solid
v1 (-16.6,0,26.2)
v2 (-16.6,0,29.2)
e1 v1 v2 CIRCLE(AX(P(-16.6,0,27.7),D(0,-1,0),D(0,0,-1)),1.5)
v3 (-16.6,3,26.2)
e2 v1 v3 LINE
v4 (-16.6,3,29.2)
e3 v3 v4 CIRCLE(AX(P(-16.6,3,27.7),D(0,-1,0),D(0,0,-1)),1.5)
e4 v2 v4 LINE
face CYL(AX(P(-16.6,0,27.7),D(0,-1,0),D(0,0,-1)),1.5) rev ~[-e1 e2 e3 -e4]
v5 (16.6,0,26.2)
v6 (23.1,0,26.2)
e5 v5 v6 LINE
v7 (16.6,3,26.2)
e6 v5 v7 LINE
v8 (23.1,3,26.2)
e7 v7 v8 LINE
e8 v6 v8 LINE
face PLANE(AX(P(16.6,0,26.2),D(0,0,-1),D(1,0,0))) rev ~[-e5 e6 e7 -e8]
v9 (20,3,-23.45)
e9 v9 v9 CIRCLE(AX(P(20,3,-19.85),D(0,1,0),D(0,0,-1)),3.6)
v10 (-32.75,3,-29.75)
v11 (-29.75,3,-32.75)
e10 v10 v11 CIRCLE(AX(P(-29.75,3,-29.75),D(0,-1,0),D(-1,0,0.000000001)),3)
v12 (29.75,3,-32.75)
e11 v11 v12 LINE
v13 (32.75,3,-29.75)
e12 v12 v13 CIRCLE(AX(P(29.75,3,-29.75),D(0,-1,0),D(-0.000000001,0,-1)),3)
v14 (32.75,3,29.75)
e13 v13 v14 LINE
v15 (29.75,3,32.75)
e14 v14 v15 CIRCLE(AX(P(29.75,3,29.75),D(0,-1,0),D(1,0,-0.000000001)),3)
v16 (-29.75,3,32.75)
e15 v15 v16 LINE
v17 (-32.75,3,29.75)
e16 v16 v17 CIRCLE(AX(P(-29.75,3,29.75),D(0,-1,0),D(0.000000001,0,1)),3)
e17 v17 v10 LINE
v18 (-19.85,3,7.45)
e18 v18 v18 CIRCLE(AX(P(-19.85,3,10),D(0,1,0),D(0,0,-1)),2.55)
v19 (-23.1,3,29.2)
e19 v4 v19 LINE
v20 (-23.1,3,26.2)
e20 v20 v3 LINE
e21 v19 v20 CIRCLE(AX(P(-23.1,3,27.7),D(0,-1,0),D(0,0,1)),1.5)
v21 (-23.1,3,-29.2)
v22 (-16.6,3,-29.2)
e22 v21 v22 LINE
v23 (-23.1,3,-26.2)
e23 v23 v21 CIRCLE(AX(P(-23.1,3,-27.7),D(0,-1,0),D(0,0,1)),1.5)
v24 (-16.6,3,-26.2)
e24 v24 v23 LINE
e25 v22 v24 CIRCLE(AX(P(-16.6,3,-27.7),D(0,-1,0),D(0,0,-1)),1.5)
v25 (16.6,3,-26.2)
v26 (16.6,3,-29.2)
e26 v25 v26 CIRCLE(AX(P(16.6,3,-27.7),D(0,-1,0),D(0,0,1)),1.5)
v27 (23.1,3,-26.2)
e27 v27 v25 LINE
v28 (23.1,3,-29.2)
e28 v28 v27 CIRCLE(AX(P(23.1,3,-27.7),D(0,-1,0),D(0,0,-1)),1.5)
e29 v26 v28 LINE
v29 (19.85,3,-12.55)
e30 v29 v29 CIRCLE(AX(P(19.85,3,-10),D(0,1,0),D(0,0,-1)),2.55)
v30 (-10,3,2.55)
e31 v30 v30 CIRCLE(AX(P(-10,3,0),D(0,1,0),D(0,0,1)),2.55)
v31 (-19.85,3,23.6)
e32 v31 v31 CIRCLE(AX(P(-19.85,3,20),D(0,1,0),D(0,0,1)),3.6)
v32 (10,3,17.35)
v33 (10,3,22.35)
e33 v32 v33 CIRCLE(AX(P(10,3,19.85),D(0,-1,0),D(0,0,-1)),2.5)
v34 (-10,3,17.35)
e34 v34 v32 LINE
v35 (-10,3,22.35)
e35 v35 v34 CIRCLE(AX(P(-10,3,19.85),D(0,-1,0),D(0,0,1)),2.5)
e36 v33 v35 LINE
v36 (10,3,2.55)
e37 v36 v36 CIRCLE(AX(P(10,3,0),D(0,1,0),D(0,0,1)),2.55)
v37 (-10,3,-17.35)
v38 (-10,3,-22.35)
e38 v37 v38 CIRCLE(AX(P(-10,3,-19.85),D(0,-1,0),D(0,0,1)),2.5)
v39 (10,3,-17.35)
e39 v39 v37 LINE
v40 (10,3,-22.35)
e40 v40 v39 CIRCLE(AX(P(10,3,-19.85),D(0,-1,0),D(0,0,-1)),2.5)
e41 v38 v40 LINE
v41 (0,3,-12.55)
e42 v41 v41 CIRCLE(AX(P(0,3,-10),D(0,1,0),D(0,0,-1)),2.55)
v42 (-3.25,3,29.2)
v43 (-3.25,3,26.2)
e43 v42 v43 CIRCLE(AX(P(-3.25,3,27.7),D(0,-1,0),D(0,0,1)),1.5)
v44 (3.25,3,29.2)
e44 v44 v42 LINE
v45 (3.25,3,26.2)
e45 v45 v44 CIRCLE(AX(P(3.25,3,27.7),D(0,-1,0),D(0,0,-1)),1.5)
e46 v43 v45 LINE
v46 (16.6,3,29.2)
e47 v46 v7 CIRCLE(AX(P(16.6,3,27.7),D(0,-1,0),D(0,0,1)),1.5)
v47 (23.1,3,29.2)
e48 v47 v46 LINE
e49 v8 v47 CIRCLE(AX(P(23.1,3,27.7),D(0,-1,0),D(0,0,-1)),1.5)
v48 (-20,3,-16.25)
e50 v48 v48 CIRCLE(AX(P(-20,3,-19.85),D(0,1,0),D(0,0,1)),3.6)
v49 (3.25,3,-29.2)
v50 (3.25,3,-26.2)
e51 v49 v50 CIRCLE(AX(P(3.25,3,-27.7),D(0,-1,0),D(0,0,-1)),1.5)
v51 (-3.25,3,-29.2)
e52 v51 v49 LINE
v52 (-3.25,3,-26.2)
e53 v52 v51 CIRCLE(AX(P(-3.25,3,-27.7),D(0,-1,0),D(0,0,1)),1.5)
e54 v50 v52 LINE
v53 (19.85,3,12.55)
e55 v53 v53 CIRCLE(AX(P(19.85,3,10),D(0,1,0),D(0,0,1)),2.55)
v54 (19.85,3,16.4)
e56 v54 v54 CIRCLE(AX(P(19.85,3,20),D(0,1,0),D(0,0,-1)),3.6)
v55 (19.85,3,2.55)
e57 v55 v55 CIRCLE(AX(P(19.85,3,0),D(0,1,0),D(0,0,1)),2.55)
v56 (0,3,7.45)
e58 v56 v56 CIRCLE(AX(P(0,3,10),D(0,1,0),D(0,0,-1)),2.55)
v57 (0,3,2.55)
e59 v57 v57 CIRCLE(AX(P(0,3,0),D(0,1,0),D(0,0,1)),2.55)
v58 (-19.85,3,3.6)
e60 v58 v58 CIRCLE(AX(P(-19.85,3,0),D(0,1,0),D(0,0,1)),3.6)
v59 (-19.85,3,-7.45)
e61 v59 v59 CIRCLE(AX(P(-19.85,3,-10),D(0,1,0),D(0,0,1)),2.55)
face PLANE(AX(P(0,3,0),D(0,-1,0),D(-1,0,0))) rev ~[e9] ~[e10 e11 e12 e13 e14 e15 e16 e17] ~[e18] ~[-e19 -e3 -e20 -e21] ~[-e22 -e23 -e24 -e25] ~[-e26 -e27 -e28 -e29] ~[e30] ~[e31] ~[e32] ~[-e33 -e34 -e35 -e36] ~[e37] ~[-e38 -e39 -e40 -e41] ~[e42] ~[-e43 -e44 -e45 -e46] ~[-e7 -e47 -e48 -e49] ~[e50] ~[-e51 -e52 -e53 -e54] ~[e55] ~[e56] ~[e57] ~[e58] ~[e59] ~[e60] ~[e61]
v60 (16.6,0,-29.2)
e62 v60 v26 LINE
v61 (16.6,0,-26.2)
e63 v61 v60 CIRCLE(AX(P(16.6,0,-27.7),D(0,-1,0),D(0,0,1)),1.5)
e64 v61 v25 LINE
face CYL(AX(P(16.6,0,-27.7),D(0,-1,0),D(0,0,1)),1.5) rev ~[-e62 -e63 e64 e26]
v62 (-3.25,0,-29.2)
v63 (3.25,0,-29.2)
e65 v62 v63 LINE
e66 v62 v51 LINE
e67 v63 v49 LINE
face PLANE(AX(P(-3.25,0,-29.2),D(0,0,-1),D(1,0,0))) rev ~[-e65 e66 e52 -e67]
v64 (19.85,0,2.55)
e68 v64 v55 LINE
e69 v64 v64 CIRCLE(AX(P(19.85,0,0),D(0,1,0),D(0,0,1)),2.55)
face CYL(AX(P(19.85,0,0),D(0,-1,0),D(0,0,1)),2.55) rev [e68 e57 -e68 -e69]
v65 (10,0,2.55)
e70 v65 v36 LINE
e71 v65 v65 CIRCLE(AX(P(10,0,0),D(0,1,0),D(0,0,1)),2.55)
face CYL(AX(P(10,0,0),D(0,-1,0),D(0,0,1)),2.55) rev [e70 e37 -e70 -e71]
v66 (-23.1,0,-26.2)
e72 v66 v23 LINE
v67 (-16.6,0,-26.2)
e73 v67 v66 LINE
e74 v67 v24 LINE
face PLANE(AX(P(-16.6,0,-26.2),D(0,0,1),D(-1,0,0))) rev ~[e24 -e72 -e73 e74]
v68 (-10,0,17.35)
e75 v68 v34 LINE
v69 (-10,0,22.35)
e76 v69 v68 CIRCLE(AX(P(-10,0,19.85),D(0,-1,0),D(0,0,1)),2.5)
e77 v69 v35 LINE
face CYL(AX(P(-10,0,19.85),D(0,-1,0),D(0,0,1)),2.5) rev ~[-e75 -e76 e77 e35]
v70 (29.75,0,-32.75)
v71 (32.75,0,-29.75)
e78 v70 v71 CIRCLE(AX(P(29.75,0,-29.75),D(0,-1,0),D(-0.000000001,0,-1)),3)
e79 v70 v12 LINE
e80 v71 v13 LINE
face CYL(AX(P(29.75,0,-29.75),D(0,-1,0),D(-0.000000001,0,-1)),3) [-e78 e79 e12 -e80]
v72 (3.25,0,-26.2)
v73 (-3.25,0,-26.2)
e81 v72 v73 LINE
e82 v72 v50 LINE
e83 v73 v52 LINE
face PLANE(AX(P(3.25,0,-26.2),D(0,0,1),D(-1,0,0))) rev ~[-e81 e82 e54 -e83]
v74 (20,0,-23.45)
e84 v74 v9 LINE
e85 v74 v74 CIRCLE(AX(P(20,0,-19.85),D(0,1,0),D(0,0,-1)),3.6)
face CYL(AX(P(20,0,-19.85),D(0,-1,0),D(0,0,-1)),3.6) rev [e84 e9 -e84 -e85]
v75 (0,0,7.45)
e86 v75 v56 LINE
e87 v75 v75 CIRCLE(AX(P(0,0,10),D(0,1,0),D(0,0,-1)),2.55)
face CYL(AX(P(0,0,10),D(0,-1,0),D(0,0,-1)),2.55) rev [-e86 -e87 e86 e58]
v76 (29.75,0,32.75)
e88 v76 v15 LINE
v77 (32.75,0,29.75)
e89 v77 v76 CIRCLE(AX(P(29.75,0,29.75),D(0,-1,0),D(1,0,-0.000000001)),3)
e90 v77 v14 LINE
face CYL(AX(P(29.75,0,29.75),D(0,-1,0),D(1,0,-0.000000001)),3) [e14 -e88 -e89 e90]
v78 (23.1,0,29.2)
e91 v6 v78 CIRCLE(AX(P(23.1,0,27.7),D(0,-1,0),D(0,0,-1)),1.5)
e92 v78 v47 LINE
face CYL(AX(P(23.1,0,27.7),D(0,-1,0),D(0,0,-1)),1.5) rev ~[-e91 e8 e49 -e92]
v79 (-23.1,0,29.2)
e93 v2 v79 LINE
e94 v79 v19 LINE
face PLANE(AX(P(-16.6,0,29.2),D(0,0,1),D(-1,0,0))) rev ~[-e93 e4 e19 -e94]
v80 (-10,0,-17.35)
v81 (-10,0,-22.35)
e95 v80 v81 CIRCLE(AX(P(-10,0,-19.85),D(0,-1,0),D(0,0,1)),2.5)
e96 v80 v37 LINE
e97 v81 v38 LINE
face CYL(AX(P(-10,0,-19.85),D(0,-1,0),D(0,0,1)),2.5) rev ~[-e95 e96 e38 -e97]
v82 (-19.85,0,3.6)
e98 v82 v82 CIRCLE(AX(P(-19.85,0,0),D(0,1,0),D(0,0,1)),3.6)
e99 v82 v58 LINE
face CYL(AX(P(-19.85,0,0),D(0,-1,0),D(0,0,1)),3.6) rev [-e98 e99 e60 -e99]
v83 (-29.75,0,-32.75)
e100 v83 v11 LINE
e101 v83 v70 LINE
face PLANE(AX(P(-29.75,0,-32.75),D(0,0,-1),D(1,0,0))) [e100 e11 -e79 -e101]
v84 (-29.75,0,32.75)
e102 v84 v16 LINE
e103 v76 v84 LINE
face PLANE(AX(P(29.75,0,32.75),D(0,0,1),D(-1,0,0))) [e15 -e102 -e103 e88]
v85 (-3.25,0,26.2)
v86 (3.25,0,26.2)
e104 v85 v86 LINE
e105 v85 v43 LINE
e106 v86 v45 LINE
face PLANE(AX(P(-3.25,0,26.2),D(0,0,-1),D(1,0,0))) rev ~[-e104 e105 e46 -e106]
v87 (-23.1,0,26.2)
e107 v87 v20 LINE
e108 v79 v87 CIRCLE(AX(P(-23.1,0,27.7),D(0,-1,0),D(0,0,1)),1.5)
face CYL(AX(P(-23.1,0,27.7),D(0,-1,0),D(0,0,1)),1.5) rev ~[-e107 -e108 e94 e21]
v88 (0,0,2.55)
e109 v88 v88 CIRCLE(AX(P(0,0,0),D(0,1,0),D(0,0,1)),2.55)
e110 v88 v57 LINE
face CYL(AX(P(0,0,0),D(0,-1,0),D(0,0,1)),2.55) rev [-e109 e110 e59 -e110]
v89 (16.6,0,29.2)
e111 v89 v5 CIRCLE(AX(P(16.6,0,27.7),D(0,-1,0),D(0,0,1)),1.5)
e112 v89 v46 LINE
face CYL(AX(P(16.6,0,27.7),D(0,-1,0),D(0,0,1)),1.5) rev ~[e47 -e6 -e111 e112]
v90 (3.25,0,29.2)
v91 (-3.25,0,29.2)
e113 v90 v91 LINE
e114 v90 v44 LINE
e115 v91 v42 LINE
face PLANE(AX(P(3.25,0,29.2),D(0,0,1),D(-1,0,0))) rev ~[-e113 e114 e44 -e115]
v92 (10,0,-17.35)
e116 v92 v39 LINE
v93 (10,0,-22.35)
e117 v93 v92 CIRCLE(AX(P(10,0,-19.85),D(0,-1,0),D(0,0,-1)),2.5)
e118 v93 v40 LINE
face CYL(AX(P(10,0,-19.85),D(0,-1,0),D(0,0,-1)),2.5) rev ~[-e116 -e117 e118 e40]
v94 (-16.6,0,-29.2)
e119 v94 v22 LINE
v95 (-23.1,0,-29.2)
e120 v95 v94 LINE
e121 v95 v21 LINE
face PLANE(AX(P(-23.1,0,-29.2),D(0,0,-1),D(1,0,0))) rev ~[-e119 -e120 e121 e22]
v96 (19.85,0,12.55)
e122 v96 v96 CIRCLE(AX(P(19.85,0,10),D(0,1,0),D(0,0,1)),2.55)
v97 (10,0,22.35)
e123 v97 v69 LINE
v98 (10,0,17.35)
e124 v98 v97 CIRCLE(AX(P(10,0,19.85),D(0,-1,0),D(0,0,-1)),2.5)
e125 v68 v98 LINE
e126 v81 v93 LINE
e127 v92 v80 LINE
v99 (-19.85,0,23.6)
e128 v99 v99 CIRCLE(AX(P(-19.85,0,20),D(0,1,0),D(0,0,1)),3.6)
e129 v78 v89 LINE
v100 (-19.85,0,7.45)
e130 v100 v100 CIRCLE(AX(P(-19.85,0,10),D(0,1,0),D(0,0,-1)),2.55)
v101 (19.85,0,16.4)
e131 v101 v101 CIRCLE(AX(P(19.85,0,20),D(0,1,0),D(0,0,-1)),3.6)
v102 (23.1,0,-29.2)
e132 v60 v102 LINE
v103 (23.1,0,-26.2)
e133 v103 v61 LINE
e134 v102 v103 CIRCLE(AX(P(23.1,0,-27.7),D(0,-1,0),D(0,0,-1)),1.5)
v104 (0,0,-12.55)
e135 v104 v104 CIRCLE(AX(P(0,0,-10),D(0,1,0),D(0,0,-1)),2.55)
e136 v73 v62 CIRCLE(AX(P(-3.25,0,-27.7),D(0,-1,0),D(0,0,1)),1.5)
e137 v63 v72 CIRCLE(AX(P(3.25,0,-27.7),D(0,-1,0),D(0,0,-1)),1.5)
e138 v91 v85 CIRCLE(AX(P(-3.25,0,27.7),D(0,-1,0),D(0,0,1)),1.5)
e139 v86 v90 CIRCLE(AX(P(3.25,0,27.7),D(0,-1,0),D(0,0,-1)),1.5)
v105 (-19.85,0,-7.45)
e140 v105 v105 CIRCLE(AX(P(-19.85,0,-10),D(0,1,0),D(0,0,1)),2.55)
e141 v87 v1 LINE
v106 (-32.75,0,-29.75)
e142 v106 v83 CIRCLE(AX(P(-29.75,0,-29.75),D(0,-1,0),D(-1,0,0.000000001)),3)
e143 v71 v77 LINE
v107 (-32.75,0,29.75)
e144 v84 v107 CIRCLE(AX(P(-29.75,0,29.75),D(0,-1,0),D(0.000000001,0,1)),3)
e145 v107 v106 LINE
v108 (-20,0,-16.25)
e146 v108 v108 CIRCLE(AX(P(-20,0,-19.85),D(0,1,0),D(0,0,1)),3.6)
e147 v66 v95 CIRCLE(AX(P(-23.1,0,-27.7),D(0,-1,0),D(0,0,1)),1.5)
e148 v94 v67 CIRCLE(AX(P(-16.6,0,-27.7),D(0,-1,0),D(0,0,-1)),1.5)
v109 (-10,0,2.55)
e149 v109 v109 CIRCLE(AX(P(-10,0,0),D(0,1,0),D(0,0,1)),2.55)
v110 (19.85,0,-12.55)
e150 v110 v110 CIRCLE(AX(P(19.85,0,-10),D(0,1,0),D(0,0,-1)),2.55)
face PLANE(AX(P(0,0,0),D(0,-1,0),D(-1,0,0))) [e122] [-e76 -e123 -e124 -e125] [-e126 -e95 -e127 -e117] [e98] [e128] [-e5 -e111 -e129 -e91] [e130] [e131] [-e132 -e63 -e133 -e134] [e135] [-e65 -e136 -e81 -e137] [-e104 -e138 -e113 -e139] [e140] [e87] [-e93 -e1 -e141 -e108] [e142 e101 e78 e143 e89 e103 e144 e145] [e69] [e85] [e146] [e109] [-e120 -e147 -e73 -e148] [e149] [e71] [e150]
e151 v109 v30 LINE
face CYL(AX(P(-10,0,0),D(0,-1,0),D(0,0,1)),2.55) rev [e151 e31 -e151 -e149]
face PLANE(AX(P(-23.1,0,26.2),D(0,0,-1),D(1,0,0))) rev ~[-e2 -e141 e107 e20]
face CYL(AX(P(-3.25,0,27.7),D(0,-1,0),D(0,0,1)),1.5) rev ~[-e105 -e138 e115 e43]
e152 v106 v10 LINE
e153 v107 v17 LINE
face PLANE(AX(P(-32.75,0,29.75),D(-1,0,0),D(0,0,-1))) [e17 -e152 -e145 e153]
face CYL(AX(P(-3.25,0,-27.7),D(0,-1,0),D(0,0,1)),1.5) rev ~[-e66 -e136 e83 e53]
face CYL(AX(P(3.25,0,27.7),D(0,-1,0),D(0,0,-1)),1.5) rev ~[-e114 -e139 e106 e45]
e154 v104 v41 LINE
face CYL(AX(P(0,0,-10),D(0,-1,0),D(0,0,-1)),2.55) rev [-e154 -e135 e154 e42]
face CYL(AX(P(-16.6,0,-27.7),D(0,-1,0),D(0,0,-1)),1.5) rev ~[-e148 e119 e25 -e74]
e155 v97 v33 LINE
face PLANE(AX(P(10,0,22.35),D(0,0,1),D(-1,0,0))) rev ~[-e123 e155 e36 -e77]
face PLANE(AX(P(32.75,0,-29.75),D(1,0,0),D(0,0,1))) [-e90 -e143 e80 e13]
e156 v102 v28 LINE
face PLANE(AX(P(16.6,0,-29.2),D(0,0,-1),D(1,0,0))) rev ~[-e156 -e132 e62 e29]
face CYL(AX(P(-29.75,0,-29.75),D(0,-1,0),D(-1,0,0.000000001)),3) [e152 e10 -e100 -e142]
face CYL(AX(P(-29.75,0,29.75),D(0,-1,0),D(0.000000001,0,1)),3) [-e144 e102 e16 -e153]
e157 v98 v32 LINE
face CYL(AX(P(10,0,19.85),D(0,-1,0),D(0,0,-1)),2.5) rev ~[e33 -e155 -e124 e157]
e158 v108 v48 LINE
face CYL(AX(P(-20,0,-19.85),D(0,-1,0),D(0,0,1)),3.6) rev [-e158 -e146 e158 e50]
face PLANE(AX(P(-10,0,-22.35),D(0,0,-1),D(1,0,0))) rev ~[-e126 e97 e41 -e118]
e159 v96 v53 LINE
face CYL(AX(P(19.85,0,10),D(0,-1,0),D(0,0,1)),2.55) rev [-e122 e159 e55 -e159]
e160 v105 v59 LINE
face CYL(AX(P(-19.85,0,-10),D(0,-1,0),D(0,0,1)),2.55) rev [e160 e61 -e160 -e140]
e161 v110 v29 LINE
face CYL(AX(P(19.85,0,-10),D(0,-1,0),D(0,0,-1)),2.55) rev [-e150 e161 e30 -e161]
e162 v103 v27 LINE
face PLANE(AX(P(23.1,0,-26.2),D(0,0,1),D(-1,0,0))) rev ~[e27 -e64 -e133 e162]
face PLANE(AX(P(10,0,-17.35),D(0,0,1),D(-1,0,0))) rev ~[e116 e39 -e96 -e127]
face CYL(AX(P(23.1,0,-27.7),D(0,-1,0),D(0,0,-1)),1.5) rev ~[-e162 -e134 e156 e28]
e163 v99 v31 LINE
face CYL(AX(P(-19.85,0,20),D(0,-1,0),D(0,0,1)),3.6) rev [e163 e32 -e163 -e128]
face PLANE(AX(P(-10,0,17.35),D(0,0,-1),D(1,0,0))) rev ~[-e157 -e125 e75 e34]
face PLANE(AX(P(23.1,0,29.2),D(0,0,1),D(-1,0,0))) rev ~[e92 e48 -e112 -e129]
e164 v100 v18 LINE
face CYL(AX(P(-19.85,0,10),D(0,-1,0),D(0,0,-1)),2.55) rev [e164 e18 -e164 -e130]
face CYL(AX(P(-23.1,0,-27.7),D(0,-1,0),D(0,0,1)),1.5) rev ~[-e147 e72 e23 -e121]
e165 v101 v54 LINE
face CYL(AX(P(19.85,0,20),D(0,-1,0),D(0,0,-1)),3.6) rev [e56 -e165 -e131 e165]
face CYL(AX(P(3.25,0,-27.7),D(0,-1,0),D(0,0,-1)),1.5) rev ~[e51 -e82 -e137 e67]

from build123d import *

# Parameters (mm, degrees)
SKETCH1_R           = 3.6
SKETCH1_R_2         = 2.55
BOSS_EXTRUDE1_DEPTH = 3


with BuildPart() as part:
    # Sketch1 → Boss-Extrude1 (new body)
    with BuildSketch(Plane(origin=(0, 0, 0), x_dir=(1, 0, 0), z_dir=(0, 1, 0))):
        with BuildLine():
            Line((-29.75, 32.75), (29.75, 32.75))
            ThreePointArc((29.75, 32.75), (31.871320344, 31.871320344), (32.75, 29.75))
            Line((32.75, 29.75), (32.75, -29.75))
            ThreePointArc((32.75, -29.75), (31.871320344, -31.871320344), (29.75, -32.75))
            Line((29.75, -32.75), (-29.75, -32.75))
            ThreePointArc((-29.75, -32.75), (-31.871320344, -31.871320344), (-32.75, -29.75))
            Line((-32.75, -29.75), (-32.75, 29.75))
            ThreePointArc((-32.75, 29.75), (-31.871320344, 31.871320344), (-29.75, 32.75))
        make_face()
        with Locations(Location((-20, 19.85, 0), (0, 0, 270))):
            Circle(SKETCH1_R, mode=Mode.SUBTRACT)
        with Locations(Location((-19.85, 0, 0), (0, 0, 270))):
            Circle(SKETCH1_R, mode=Mode.SUBTRACT)
        with Locations(Location((-19.85, -20, 0), (0, 0, 270))):
            Circle(SKETCH1_R, mode=Mode.SUBTRACT)
        with Locations(Location((-19.85, 10, 0), (0, 0, 270))):
            Circle(SKETCH1_R_2, mode=Mode.SUBTRACT)
        with Locations(Location((-19.85, -10, 0), (0, 0, 90))):
            Circle(SKETCH1_R_2, mode=Mode.SUBTRACT)
        with Locations(Location((19.85, -20, 0), (0, 0, 90))):
            Circle(SKETCH1_R, mode=Mode.SUBTRACT)
        with Locations(Location((20, 19.85, 0), (0, 0, 90))):
            Circle(SKETCH1_R, mode=Mode.SUBTRACT)
        with Locations(Location((19.85, 10, 0), (0, 0, 90))):
            Circle(SKETCH1_R_2, mode=Mode.SUBTRACT)
        with Locations(Location((19.85, -10, 0), (0, 0, 270))):
            Circle(SKETCH1_R_2, mode=Mode.SUBTRACT)
        with Locations(Location((19.85, 0, 0), (0, 0, 270))):
            Circle(SKETCH1_R_2, mode=Mode.SUBTRACT)
        with Locations(Location((0, 0, 0), (0, 0, 270))):
            Circle(SKETCH1_R_2, mode=Mode.SUBTRACT)
        with Locations(Location((10, 0, 0), (0, 0, 270))):
            Circle(SKETCH1_R_2, mode=Mode.SUBTRACT)
        with Locations(Location((0, 10, 0), (0, 0, 90))):
            Circle(SKETCH1_R_2, mode=Mode.SUBTRACT)
        with Locations(Location((-10, 0, 0), (0, 0, 270))):
            Circle(SKETCH1_R_2, mode=Mode.SUBTRACT)
        with Locations(Location((0, -10, 0), (0, 0, 90))):
            Circle(SKETCH1_R_2, mode=Mode.SUBTRACT)
        with BuildLine():
            Line((-3.25, 29.2), (3.25, 29.2))
            ThreePointArc((3.25, 29.2), (4.75, 27.7), (3.25, 26.2))
            Line((3.25, 26.2), (-3.25, 26.2))
            ThreePointArc((-3.25, 26.2), (-4.75, 27.7), (-3.25, 29.2))
        make_face(mode=Mode.SUBTRACT)
        with BuildLine():
            Line((16.6, 29.2), (23.1, 29.2))
            ThreePointArc((23.1, 29.2), (24.6, 27.7), (23.1, 26.2))
            Line((23.1, 26.2), (16.6, 26.2))
            ThreePointArc((16.6, 26.2), (15.1, 27.7), (16.6, 29.2))
        make_face(mode=Mode.SUBTRACT)
        with BuildLine():
            Line((-16.6, 26.2), (-23.1, 26.2))
            ThreePointArc((-23.1, 26.2), (-24.6, 27.7), (-23.1, 29.2))
            Line((-23.1, 29.2), (-16.6, 29.2))
            ThreePointArc((-16.6, 29.2), (-15.1, 27.7), (-16.6, 26.2))
        make_face(mode=Mode.SUBTRACT)
        with BuildLine():
            Line((-16.6, -29.2), (-23.1, -29.2))
            ThreePointArc((-23.1, -29.2), (-24.6, -27.7), (-23.1, -26.2))
            Line((-23.1, -26.2), (-16.6, -26.2))
            ThreePointArc((-16.6, -26.2), (-15.1, -27.7), (-16.6, -29.2))
        make_face(mode=Mode.SUBTRACT)
        with BuildLine():
            Line((16.6, -26.2), (23.1, -26.2))
            ThreePointArc((23.1, -26.2), (24.6, -27.7), (23.1, -29.2))
            Line((23.1, -29.2), (16.6, -29.2))
            ThreePointArc((16.6, -29.2), (15.1, -27.7), (16.6, -26.2))
        make_face(mode=Mode.SUBTRACT)
        with BuildLine():
            Line((-3.25, -26.2), (3.25, -26.2))
            ThreePointArc((3.25, -26.2), (4.75, -27.7), (3.25, -29.2))
            Line((3.25, -29.2), (-3.25, -29.2))
            ThreePointArc((-3.25, -29.2), (-4.75, -27.7), (-3.25, -26.2))
        make_face(mode=Mode.SUBTRACT)
        with BuildLine():
            Line((-10, -17.35), (10, -17.35))
            ThreePointArc((10, -17.35), (12.5, -19.85), (10, -22.35))
            Line((10, -22.35), (-10, -22.35))
            ThreePointArc((-10, -22.35), (-12.5, -19.85), (-10, -17.35))
        make_face(mode=Mode.SUBTRACT)
        with BuildLine():
            Line((-10, 22.35), (10, 22.35))
            ThreePointArc((10, 22.35), (12.5, 19.85), (10, 17.35))
            Line((10, 17.35), (-10, 17.35))
            ThreePointArc((-10, 17.35), (-12.5, 19.85), (-10, 22.35))
        make_face(mode=Mode.SUBTRACT)
    extrude(amount=BOSS_EXTRUDE1_DEPTH)


solid = part.part
